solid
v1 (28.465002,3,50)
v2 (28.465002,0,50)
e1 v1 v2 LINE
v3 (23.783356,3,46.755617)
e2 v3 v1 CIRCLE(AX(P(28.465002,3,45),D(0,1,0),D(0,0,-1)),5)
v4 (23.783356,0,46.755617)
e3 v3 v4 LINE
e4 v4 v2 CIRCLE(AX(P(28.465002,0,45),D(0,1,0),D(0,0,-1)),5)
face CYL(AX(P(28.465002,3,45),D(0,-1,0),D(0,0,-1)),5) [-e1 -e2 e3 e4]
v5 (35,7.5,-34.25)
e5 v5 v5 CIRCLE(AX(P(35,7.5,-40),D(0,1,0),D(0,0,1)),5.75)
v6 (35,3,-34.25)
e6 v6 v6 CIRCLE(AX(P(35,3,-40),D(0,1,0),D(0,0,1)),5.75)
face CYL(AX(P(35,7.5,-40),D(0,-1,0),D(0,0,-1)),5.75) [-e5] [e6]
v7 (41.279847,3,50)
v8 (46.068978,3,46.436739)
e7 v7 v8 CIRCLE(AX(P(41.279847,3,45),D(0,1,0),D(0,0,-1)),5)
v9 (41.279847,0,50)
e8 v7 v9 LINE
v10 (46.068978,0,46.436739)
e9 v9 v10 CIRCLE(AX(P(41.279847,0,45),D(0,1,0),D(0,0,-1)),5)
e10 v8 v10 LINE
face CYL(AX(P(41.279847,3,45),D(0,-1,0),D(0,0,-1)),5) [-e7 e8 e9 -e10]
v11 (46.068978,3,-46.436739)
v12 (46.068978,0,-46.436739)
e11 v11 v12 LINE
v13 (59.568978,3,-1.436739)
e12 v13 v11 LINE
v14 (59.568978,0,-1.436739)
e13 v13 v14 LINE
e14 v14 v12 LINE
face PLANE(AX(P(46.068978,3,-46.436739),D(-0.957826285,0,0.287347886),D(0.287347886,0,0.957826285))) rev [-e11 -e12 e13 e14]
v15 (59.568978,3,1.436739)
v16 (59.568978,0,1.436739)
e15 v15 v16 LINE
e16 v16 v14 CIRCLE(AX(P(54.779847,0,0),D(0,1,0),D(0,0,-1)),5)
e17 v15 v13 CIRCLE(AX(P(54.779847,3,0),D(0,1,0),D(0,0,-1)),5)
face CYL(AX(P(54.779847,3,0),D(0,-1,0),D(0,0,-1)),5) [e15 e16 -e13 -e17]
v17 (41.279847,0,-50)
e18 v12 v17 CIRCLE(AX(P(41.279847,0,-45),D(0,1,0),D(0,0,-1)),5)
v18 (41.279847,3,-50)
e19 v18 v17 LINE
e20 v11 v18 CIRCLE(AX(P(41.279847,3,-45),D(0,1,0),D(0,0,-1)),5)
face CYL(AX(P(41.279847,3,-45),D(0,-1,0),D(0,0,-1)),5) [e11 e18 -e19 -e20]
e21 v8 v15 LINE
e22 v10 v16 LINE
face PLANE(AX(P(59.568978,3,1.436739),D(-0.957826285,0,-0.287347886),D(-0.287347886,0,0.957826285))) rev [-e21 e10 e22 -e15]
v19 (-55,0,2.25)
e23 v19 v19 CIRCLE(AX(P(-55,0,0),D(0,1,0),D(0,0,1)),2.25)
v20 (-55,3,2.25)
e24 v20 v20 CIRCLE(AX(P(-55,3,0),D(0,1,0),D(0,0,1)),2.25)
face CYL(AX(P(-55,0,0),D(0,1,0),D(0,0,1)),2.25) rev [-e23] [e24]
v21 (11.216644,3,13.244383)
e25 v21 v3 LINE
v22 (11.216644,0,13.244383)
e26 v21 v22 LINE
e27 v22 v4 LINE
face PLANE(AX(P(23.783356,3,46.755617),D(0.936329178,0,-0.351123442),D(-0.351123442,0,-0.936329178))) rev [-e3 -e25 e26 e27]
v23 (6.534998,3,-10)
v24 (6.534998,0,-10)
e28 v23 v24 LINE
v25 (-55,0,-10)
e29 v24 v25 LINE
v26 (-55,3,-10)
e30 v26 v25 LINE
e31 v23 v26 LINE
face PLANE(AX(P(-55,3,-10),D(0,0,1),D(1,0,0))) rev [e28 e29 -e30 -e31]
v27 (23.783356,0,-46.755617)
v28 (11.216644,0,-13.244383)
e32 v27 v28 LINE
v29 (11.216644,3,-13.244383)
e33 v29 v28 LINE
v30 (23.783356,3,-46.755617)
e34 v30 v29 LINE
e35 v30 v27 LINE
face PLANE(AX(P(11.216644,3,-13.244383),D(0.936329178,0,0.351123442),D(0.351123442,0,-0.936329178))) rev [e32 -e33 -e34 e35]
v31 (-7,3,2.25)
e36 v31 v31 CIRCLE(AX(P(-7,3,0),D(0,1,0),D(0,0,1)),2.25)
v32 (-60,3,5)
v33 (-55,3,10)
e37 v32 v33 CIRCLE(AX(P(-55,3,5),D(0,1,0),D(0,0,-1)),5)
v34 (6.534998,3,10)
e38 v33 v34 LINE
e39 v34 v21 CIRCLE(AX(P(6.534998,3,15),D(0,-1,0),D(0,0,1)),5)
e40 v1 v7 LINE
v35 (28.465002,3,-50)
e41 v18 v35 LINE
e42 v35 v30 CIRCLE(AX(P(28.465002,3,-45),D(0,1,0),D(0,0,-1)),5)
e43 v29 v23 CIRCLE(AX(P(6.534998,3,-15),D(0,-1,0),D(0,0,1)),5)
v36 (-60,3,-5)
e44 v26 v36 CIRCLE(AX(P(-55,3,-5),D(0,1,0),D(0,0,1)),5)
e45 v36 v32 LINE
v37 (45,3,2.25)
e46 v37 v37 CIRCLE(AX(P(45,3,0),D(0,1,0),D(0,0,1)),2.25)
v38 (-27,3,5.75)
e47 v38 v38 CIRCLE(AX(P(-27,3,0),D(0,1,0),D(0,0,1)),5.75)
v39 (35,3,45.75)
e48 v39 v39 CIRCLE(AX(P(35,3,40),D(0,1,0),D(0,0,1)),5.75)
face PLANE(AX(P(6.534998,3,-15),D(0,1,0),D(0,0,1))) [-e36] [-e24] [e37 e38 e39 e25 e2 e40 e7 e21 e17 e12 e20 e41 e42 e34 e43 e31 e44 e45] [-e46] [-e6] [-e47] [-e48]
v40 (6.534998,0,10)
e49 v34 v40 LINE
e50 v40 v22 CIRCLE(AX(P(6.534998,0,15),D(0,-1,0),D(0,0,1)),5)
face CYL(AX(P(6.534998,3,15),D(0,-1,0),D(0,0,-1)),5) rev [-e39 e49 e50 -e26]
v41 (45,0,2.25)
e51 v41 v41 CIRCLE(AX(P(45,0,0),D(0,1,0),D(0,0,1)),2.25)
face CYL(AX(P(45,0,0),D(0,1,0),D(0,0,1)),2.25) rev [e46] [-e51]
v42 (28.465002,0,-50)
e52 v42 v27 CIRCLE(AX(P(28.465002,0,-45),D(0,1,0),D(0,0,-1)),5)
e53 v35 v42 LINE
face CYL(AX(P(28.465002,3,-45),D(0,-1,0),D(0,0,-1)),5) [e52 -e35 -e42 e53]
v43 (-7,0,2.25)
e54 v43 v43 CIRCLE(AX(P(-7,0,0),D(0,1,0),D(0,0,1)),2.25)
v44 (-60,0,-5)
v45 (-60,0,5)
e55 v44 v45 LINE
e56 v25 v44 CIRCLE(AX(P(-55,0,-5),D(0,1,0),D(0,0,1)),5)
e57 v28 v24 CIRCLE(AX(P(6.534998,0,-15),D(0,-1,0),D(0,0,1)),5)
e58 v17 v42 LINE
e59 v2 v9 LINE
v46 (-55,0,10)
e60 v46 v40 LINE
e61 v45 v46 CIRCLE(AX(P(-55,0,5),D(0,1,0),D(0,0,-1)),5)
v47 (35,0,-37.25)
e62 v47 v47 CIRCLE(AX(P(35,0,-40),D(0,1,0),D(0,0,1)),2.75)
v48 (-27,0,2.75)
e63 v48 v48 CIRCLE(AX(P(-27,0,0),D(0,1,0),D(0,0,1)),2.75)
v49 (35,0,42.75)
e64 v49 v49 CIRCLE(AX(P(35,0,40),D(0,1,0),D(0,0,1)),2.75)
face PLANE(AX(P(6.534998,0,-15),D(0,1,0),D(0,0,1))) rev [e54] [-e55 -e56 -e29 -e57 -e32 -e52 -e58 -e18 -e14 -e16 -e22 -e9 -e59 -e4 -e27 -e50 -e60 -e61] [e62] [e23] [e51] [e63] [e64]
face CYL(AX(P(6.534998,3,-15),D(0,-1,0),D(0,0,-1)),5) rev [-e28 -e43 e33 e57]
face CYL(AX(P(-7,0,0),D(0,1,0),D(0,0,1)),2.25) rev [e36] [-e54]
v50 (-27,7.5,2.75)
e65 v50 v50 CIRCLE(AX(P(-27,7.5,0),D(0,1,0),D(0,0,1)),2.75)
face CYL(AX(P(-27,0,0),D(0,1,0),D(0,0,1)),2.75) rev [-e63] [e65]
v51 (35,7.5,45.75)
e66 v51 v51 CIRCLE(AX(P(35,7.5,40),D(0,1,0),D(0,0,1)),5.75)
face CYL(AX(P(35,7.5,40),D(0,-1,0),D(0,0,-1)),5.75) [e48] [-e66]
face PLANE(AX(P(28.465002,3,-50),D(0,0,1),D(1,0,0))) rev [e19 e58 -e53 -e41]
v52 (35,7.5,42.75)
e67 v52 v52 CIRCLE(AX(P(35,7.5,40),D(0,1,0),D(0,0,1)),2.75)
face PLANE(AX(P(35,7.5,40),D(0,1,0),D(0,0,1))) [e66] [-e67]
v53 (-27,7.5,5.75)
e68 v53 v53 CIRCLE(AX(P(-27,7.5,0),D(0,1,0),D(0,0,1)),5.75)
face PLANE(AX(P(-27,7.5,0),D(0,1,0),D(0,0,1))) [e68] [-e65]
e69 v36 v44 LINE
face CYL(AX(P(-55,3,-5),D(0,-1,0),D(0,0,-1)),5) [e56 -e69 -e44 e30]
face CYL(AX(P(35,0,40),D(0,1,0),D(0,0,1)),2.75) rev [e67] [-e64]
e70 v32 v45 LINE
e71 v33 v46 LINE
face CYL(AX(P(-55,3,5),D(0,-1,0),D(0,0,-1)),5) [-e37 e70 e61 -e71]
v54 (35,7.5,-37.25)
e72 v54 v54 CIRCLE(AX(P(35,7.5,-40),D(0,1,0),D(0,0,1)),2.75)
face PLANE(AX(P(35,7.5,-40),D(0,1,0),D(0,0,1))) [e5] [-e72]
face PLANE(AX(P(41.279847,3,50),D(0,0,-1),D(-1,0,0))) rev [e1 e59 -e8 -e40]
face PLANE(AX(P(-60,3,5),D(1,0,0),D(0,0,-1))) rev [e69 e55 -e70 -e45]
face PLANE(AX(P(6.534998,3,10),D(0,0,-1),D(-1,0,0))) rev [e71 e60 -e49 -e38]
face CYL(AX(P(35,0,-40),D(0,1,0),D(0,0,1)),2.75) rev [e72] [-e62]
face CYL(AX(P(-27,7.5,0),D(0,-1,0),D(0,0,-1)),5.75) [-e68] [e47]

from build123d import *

# Parameters (mm, degrees)
BOSS_EXTRUDE1_DEPTH = 3
SKETCH2_R           = 2.75
CUT_EXTRUDE1_DEPTH  = 4
SKETCH3_R           = 5.75
SKETCH3_R_2         = 2.75
BOSS_EXTRUDE2_DEPTH = 4.5
SKETCH4_R           = 2.25
CUT_EXTRUDE2_DEPTH  = 4


with BuildPart() as part:
    # Sketch1 → Boss-Extrude1 (new body)
    with BuildSketch(Plane(origin=(0, 0, 0), x_dir=(1, 0, 0), z_dir=(0, 1, 0))):
        with BuildLine():
            Line((-55, 10), (6.534997659, 10))
            ThreePointArc((6.534997659, 10), (9.382971848, 10.890371912), (11.216643547, 13.244382792))
            Line((11.216643547, 13.244382792), (23.783356453, 46.755617208))
            ThreePointArc((23.783356453, 46.755617208), (25.617028152, 49.109628088), (28.465002341, 50))
            Line((28.465002341, 50), (41.279846746, 50))
            ThreePointArc((41.279846746, 50), (44.264499394, 49.011464641), (46.068978172, 46.436739428))
            Line((46.068978172, 46.436739428), (59.568978172, 1.436739428))
            ThreePointArc((59.568978172, 1.436739428), (59.779846746, 0), (59.568978172, -1.436739428))
            Line((59.568978172, -1.436739428), (46.068978172, -46.436739428))
            ThreePointArc((46.068978172, -46.436739428), (44.264499394, -49.011464641), (41.279846746, -50))
            Line((41.279846746, -50), (28.465002341, -50))
            ThreePointArc((28.465002341, -50), (25.617028152, -49.109628088), (23.783356453, -46.755617208))
            Line((23.783356453, -46.755617208), (11.216643547, -13.244382792))
            ThreePointArc((11.216643547, -13.244382792), (9.382971848, -10.890371912), (6.534997659, -10))
            Line((6.534997659, -10), (-55, -10))
            ThreePointArc((-55, -10), (-58.535533906, -8.535533906), (-60, -5))
            Line((-60, -5), (-60, 5))
            ThreePointArc((-60, 5), (-58.535533906, 8.535533906), (-55, 10))
        make_face()
    extrude(amount=BOSS_EXTRUDE1_DEPTH)

    # Sketch2 → Cut-Extrude1 (cut, through all)
    with BuildSketch(Plane(origin=(0, 3, 0), x_dir=(1, 0, 0), z_dir=(0, 1, 0))):
        with Locations((-27, 0)):
            Circle(SKETCH2_R)
        with Locations((35, 40)):
            Circle(SKETCH2_R)
        with Locations((35, -40)):
            Circle(SKETCH2_R)
    extrude(amount=-CUT_EXTRUDE1_DEPTH, mode=Mode.SUBTRACT)

    # Sketch3 → Boss-Extrude2 (add)
    with BuildSketch(Plane(origin=(0, 3, 0), x_dir=(1, 0, 0), z_dir=(0, 1, 0))):
        with Locations((-27, 0)):
            Circle(SKETCH3_R)
        with Locations((-27, 0)):
            Circle(SKETCH3_R_2, mode=Mode.SUBTRACT)
        with Locations((35, 40)):
            Circle(SKETCH3_R)
        with Locations((35, 40)):
            Circle(SKETCH3_R_2, mode=Mode.SUBTRACT)
        with Locations((35, -40)):
            Circle(SKETCH3_R)
        with Locations((35, -40)):
            Circle(SKETCH3_R_2, mode=Mode.SUBTRACT)
    extrude(amount=BOSS_EXTRUDE2_DEPTH)

    # Sketch4 → Cut-Extrude2 (cut, through all)
    with BuildSketch(Plane(origin=(0, 3, 0), x_dir=(1, 0, 0), z_dir=(0, 1, 0))):
        with Locations((-55, 0)):
            Circle(SKETCH4_R)
        with Locations((45, 0)):
            Circle(SKETCH4_R)
        with Locations((-7, 0)):
            Circle(SKETCH4_R)
    extrude(amount=-CUT_EXTRUDE2_DEPTH, mode=Mode.SUBTRACT)


solid = part.part
